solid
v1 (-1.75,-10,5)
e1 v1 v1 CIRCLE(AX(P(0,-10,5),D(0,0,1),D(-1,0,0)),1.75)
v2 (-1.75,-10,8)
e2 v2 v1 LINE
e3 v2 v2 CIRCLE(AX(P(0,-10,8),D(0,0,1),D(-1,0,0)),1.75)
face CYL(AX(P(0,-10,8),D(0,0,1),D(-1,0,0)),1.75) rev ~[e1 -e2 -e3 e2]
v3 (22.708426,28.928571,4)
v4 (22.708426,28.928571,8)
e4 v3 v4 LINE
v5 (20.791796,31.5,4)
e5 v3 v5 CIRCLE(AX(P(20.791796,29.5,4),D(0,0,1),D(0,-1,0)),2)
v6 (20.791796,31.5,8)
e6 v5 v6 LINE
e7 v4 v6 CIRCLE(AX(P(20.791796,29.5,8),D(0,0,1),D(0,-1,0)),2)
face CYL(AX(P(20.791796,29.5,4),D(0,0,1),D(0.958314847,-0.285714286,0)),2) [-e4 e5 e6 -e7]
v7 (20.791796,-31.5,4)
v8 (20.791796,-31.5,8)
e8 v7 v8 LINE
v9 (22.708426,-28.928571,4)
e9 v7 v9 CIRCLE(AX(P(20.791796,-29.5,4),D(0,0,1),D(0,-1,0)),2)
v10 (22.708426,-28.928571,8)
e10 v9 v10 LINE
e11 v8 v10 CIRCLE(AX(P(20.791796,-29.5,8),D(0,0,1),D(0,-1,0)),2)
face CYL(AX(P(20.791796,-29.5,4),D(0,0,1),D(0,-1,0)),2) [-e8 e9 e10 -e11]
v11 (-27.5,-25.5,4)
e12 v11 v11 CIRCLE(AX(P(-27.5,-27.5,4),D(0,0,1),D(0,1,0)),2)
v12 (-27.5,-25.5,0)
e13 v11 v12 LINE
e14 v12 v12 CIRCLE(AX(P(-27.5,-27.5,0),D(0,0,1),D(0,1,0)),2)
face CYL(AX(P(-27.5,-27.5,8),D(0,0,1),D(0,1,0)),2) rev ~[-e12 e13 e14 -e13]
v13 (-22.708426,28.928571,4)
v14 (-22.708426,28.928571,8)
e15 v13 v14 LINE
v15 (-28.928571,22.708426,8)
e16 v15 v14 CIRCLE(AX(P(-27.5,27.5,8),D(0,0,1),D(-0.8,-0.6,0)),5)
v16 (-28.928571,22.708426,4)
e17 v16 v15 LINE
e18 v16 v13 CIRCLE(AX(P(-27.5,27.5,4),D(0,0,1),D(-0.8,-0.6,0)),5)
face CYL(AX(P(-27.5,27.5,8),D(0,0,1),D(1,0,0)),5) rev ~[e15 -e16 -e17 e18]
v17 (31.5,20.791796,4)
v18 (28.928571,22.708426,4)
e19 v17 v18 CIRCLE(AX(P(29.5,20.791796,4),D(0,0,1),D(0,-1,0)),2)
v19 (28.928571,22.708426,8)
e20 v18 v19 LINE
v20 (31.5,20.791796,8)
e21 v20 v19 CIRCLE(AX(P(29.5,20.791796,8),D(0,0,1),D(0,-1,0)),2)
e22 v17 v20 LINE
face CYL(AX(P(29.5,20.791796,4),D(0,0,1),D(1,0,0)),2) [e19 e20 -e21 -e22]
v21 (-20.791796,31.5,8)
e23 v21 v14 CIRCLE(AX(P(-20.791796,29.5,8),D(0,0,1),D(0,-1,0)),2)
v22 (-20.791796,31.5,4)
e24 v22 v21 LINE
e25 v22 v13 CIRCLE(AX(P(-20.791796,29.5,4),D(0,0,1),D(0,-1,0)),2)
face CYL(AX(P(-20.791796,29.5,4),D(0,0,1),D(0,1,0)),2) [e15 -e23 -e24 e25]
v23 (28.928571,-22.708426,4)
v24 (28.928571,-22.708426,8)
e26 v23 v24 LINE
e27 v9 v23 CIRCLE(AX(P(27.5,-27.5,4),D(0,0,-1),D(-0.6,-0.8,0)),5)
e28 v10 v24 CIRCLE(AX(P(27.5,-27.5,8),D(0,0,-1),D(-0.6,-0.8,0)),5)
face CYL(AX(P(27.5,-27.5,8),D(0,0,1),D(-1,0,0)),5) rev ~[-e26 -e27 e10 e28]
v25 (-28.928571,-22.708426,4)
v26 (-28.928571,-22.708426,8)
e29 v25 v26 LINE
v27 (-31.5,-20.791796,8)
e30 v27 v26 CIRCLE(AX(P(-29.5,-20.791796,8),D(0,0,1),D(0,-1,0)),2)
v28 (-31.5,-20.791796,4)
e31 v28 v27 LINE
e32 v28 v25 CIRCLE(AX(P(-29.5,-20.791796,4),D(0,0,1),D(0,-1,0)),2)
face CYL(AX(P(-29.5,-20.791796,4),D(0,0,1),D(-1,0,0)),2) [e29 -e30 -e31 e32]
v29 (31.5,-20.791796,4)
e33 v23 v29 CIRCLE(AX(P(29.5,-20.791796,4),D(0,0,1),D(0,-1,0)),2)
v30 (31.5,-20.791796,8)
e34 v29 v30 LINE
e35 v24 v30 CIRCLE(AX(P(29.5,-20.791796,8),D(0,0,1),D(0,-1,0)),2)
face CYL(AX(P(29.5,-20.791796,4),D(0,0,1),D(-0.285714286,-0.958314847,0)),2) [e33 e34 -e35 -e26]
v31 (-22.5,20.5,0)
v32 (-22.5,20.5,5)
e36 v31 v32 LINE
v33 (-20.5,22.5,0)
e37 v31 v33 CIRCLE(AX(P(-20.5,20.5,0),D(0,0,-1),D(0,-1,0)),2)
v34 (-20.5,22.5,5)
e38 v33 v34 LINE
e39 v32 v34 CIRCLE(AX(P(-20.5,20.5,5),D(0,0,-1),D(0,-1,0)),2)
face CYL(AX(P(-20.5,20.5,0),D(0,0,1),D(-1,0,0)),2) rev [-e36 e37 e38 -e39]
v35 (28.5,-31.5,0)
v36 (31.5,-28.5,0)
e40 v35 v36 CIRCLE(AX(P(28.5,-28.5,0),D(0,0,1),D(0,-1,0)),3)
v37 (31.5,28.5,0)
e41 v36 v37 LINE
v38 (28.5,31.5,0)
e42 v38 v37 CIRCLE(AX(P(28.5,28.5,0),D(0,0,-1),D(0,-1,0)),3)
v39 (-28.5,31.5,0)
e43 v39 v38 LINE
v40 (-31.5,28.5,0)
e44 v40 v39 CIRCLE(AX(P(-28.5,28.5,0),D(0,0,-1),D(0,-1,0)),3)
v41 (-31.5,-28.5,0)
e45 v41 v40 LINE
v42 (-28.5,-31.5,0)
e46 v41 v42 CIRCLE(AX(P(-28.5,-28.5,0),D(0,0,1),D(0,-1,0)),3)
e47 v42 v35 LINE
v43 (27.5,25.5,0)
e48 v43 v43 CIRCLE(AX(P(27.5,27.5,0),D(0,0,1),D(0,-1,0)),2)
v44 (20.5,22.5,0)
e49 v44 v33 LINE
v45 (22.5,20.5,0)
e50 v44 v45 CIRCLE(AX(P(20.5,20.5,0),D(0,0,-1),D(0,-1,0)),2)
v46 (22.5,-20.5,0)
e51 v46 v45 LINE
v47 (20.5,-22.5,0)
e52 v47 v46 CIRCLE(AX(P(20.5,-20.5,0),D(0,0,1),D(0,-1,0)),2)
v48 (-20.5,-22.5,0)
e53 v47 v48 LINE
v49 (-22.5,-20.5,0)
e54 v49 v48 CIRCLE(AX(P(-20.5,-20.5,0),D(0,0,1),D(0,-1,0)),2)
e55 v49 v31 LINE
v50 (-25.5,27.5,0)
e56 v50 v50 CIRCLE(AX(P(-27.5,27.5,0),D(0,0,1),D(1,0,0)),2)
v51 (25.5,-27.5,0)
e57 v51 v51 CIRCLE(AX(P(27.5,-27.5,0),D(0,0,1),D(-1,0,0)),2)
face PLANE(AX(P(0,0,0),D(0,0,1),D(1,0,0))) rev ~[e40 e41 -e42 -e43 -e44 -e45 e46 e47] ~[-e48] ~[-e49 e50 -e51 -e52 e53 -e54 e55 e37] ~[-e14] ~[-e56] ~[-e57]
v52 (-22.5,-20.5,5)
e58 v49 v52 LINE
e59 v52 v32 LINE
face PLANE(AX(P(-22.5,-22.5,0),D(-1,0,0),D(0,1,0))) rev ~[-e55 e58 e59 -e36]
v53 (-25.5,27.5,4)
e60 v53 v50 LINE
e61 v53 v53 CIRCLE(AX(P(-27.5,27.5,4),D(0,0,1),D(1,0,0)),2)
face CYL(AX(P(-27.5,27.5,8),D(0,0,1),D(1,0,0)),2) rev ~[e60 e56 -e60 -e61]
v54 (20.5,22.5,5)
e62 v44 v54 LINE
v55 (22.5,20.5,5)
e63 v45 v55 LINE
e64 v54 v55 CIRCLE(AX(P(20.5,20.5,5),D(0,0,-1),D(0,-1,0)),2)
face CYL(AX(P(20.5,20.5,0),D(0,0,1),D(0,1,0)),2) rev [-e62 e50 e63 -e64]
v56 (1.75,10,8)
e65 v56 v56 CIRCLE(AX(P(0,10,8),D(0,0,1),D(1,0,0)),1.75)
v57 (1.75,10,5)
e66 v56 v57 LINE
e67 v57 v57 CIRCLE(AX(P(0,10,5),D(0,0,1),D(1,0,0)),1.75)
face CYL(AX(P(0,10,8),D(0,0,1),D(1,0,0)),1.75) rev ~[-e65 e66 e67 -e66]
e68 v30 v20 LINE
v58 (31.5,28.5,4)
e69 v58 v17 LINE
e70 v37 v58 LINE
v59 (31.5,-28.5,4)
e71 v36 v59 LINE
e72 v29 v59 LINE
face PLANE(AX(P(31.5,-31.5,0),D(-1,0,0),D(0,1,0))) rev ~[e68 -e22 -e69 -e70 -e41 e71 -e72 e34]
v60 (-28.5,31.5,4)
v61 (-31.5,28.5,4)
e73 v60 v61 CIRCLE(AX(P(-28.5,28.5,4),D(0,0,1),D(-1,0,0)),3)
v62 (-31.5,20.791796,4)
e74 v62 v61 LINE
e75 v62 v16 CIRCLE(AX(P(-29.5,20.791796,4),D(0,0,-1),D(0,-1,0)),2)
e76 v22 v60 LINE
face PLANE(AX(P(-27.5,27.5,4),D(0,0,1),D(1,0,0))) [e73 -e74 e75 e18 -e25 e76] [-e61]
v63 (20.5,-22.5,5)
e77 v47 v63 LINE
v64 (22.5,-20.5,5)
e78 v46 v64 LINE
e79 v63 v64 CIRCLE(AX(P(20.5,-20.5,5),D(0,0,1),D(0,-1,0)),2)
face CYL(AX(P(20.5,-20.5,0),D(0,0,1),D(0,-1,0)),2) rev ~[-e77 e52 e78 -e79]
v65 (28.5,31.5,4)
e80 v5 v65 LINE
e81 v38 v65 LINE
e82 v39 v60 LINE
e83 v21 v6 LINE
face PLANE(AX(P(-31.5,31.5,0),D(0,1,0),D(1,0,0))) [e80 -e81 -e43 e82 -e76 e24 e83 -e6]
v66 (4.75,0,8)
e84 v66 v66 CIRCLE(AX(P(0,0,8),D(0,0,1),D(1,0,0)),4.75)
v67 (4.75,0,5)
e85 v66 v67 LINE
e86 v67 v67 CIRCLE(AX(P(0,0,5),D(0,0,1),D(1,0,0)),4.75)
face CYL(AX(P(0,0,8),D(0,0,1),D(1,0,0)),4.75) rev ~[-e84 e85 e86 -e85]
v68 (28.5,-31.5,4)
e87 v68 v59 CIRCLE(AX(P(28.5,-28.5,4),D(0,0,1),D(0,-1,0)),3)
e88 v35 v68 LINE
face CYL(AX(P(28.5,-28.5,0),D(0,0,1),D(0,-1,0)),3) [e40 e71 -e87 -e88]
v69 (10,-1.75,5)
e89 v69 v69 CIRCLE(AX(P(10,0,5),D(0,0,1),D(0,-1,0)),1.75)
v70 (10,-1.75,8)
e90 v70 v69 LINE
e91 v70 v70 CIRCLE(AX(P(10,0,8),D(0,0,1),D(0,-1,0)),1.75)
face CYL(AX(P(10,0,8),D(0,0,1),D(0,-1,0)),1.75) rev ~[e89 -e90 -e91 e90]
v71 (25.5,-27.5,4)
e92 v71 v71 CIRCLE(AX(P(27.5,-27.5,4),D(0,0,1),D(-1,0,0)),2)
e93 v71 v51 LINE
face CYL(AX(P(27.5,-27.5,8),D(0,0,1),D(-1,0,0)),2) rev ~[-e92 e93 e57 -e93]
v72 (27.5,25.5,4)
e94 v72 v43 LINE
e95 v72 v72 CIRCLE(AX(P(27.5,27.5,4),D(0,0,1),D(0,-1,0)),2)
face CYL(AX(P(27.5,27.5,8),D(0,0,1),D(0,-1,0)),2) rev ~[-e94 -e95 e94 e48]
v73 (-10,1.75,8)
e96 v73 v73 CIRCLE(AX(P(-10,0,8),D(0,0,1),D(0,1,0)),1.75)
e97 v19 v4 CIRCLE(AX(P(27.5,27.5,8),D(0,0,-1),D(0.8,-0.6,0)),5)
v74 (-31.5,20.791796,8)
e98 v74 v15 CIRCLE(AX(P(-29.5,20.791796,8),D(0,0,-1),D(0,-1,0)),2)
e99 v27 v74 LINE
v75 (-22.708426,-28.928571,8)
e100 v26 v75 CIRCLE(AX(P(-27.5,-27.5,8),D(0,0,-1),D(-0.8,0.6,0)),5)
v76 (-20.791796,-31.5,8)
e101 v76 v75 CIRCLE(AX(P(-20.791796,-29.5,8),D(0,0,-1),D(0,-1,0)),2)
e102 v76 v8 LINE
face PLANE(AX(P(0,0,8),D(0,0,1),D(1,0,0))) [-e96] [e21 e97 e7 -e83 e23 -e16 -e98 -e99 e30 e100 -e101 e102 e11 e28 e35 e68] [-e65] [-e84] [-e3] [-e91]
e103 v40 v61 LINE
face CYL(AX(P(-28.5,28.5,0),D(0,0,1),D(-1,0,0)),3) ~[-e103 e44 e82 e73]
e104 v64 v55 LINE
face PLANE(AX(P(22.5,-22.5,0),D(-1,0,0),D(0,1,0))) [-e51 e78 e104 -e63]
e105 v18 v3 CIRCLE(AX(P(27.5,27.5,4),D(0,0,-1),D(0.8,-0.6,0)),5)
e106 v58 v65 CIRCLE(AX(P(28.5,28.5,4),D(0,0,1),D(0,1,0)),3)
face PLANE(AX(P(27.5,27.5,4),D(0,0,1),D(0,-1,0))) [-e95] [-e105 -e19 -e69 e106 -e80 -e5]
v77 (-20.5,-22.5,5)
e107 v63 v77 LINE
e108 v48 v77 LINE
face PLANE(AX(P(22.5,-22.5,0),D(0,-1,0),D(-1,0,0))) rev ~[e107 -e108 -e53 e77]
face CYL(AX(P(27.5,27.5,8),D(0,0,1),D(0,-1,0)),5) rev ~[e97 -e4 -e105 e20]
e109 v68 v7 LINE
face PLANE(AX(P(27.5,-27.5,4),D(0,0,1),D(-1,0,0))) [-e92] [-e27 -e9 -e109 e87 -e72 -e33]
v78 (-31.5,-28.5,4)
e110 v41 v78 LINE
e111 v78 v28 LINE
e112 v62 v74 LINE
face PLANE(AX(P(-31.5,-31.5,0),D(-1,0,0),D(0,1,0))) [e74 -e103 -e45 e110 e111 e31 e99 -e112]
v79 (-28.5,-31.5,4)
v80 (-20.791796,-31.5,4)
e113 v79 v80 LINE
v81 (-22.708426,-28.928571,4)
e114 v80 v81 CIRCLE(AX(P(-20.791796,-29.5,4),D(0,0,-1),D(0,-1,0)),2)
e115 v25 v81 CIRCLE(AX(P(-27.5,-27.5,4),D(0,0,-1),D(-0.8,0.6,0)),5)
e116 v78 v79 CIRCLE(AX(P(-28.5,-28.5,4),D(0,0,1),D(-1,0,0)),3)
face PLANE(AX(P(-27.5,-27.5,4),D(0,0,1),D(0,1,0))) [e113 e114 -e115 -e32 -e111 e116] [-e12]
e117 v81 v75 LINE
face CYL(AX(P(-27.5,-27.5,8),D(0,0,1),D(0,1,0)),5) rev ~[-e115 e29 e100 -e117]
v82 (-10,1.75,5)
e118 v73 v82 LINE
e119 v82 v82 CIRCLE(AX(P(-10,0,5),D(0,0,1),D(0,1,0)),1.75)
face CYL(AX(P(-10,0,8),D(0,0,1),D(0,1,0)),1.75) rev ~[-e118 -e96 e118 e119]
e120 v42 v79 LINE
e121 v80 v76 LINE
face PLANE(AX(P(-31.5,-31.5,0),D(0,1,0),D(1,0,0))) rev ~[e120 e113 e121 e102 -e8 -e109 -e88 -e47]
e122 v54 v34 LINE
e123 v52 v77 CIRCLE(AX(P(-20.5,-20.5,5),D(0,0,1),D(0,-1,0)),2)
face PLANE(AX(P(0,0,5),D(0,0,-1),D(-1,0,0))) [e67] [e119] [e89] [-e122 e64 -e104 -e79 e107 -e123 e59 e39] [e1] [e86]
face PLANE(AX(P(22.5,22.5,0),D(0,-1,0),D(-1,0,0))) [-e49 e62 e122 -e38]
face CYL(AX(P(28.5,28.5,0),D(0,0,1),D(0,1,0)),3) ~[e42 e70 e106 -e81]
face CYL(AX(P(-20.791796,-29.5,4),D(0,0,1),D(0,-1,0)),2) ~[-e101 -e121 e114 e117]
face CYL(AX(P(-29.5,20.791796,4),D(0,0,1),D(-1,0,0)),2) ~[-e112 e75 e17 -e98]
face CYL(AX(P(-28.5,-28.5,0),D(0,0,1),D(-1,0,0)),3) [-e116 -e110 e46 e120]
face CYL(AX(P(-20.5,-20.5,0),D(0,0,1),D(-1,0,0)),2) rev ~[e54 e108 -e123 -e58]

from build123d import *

# Parameters (mm, degrees)
SKETCH1_W           = 63
SKETCH1_H           = 63
BOSS_EXTRUDE1_DEPTH = 8
SKETCH2_W           = 45
SKETCH2_H           = 45
CUT_EXTRUDE1_DEPTH  = 5
SKETCH3_R           = 4.75
CUT_EXTRUDE2_DEPTH  = 5
SKETCH4_R           = 1.75
CUT_EXTRUDE3_DEPTH  = 5
CIRPATTERN1_COUNT   = 4
SKETCH5_R           = 2
CUT_EXTRUDE4_DEPTH  = 15
CIRPATTERN2_COUNT   = 4
FILLET1_R           = 3
SKETCH6_R           = 5
CUT_EXTRUDE5_DEPTH  = 4
CIRPATTERN3_COUNT   = 4
FILLET2_R           = 2
FILLET3_R           = 2


with BuildPart() as part:
    # Sketch1 → Boss-Extrude1 (new body)
    with BuildSketch(Plane.XY):
        Rectangle(SKETCH1_W, SKETCH1_H)
    extrude(amount=BOSS_EXTRUDE1_DEPTH)

    # Sketch2 → Cut-Extrude1 (cut)
    with BuildSketch(Plane(origin=(0, 0, 0), x_dir=(-1, 0, 0), z_dir=(0, 0, -1))):
        Rectangle(SKETCH2_W, SKETCH2_H)
    extrude(amount=-CUT_EXTRUDE1_DEPTH, mode=Mode.SUBTRACT)

    # Sketch3 → Cut-Extrude2 (cut)
    with BuildSketch(Plane.XY.offset(8)):
        Circle(SKETCH3_R)
    extrude(amount=-CUT_EXTRUDE2_DEPTH, mode=Mode.SUBTRACT)

    # Sketch4 → Cut-Extrude3 (cut)
    with BuildSketch(Plane.XY.offset(8)):
        with Locations((0, 10)):
            Circle(SKETCH4_R)
    cut_extrude3 = extrude(amount=-CUT_EXTRUDE3_DEPTH, mode=Mode.SUBTRACT)

    # CirPattern1: Cut-Extrude3 ×4 about axis
    cirpattern1_axis = Axis((0, 0, 0), (0, 0, 1))
    for i in range(1, CIRPATTERN1_COUNT):
        add(cut_extrude3.rotate(cirpattern1_axis, i * 360 / CIRPATTERN1_COUNT), mode=Mode.SUBTRACT)

    # Sketch5 → Cut-Extrude4 (cut)
    with BuildSketch(Plane.XY.offset(8)):
        with Locations((-27.5, 27.5)):
            Circle(SKETCH5_R)
    cut_extrude4 = extrude(amount=-CUT_EXTRUDE4_DEPTH, mode=Mode.SUBTRACT)

    # CirPattern2: Cut-Extrude4 ×4 about axis
    cirpattern2_axis = Axis((0, 0, 0), (0, 0, 1))
    for i in range(1, CIRPATTERN2_COUNT):
        add(cut_extrude4.rotate(cirpattern2_axis, i * 360 / CIRPATTERN2_COUNT), mode=Mode.SUBTRACT)

    # Fillet1
    fillet1_edges = [part.edges().sort_by_distance(p)[0] for p in [
        (-31.5, 31.5, 4),
        (31.5, 31.5, 4),
        (31.5, -31.5, 4),
        (-31.5, -31.5, 4),
    ]]
    fillet(fillet1_edges, radius=FILLET1_R)

    # Sketch6 → Cut-Extrude5 (cut)
    with BuildSketch(Plane.XY.offset(8)):
        with Locations((-27.5, 27.5)):
            Circle(SKETCH6_R)
    cut_extrude5 = extrude(amount=-CUT_EXTRUDE5_DEPTH, mode=Mode.SUBTRACT)

    # CirPattern3: Cut-Extrude5 ×4 about axis
    cirpattern3_axis = Axis((0, 0, 0), (0, 0, 1))
    for i in range(1, CIRPATTERN3_COUNT):
        add(cut_extrude5.rotate(cirpattern3_axis, i * 360 / CIRPATTERN3_COUNT), mode=Mode.SUBTRACT)

    # Fillet2
    fillet2_edges = [part.edges().sort_by_distance(p)[0] for p in [
        (-31.5, 24.5, 6),
        (-24.5, 31.5, 6),
        (31.5, 24.5, 6),
        (24.5, 31.5, 6),
        (24.5, -31.5, 6),
        (31.5, -24.5, 6),
        (-31.5, -24.5, 6),
        (-24.5, -31.5, 6),
    ]]
    fillet(fillet2_edges, radius=FILLET2_R)

    # Fillet3
    fillet3_edges = [part.edges().sort_by_distance(p)[0] for p in [
        (22.5, -22.5, 2.5),
        (22.5, 22.5, 2.5),
        (-22.5, 22.5, 2.5),
        (-22.5, -22.5, 2.5),
    ]]
    fillet(fillet3_edges, radius=FILLET3_R)


solid = part.part
